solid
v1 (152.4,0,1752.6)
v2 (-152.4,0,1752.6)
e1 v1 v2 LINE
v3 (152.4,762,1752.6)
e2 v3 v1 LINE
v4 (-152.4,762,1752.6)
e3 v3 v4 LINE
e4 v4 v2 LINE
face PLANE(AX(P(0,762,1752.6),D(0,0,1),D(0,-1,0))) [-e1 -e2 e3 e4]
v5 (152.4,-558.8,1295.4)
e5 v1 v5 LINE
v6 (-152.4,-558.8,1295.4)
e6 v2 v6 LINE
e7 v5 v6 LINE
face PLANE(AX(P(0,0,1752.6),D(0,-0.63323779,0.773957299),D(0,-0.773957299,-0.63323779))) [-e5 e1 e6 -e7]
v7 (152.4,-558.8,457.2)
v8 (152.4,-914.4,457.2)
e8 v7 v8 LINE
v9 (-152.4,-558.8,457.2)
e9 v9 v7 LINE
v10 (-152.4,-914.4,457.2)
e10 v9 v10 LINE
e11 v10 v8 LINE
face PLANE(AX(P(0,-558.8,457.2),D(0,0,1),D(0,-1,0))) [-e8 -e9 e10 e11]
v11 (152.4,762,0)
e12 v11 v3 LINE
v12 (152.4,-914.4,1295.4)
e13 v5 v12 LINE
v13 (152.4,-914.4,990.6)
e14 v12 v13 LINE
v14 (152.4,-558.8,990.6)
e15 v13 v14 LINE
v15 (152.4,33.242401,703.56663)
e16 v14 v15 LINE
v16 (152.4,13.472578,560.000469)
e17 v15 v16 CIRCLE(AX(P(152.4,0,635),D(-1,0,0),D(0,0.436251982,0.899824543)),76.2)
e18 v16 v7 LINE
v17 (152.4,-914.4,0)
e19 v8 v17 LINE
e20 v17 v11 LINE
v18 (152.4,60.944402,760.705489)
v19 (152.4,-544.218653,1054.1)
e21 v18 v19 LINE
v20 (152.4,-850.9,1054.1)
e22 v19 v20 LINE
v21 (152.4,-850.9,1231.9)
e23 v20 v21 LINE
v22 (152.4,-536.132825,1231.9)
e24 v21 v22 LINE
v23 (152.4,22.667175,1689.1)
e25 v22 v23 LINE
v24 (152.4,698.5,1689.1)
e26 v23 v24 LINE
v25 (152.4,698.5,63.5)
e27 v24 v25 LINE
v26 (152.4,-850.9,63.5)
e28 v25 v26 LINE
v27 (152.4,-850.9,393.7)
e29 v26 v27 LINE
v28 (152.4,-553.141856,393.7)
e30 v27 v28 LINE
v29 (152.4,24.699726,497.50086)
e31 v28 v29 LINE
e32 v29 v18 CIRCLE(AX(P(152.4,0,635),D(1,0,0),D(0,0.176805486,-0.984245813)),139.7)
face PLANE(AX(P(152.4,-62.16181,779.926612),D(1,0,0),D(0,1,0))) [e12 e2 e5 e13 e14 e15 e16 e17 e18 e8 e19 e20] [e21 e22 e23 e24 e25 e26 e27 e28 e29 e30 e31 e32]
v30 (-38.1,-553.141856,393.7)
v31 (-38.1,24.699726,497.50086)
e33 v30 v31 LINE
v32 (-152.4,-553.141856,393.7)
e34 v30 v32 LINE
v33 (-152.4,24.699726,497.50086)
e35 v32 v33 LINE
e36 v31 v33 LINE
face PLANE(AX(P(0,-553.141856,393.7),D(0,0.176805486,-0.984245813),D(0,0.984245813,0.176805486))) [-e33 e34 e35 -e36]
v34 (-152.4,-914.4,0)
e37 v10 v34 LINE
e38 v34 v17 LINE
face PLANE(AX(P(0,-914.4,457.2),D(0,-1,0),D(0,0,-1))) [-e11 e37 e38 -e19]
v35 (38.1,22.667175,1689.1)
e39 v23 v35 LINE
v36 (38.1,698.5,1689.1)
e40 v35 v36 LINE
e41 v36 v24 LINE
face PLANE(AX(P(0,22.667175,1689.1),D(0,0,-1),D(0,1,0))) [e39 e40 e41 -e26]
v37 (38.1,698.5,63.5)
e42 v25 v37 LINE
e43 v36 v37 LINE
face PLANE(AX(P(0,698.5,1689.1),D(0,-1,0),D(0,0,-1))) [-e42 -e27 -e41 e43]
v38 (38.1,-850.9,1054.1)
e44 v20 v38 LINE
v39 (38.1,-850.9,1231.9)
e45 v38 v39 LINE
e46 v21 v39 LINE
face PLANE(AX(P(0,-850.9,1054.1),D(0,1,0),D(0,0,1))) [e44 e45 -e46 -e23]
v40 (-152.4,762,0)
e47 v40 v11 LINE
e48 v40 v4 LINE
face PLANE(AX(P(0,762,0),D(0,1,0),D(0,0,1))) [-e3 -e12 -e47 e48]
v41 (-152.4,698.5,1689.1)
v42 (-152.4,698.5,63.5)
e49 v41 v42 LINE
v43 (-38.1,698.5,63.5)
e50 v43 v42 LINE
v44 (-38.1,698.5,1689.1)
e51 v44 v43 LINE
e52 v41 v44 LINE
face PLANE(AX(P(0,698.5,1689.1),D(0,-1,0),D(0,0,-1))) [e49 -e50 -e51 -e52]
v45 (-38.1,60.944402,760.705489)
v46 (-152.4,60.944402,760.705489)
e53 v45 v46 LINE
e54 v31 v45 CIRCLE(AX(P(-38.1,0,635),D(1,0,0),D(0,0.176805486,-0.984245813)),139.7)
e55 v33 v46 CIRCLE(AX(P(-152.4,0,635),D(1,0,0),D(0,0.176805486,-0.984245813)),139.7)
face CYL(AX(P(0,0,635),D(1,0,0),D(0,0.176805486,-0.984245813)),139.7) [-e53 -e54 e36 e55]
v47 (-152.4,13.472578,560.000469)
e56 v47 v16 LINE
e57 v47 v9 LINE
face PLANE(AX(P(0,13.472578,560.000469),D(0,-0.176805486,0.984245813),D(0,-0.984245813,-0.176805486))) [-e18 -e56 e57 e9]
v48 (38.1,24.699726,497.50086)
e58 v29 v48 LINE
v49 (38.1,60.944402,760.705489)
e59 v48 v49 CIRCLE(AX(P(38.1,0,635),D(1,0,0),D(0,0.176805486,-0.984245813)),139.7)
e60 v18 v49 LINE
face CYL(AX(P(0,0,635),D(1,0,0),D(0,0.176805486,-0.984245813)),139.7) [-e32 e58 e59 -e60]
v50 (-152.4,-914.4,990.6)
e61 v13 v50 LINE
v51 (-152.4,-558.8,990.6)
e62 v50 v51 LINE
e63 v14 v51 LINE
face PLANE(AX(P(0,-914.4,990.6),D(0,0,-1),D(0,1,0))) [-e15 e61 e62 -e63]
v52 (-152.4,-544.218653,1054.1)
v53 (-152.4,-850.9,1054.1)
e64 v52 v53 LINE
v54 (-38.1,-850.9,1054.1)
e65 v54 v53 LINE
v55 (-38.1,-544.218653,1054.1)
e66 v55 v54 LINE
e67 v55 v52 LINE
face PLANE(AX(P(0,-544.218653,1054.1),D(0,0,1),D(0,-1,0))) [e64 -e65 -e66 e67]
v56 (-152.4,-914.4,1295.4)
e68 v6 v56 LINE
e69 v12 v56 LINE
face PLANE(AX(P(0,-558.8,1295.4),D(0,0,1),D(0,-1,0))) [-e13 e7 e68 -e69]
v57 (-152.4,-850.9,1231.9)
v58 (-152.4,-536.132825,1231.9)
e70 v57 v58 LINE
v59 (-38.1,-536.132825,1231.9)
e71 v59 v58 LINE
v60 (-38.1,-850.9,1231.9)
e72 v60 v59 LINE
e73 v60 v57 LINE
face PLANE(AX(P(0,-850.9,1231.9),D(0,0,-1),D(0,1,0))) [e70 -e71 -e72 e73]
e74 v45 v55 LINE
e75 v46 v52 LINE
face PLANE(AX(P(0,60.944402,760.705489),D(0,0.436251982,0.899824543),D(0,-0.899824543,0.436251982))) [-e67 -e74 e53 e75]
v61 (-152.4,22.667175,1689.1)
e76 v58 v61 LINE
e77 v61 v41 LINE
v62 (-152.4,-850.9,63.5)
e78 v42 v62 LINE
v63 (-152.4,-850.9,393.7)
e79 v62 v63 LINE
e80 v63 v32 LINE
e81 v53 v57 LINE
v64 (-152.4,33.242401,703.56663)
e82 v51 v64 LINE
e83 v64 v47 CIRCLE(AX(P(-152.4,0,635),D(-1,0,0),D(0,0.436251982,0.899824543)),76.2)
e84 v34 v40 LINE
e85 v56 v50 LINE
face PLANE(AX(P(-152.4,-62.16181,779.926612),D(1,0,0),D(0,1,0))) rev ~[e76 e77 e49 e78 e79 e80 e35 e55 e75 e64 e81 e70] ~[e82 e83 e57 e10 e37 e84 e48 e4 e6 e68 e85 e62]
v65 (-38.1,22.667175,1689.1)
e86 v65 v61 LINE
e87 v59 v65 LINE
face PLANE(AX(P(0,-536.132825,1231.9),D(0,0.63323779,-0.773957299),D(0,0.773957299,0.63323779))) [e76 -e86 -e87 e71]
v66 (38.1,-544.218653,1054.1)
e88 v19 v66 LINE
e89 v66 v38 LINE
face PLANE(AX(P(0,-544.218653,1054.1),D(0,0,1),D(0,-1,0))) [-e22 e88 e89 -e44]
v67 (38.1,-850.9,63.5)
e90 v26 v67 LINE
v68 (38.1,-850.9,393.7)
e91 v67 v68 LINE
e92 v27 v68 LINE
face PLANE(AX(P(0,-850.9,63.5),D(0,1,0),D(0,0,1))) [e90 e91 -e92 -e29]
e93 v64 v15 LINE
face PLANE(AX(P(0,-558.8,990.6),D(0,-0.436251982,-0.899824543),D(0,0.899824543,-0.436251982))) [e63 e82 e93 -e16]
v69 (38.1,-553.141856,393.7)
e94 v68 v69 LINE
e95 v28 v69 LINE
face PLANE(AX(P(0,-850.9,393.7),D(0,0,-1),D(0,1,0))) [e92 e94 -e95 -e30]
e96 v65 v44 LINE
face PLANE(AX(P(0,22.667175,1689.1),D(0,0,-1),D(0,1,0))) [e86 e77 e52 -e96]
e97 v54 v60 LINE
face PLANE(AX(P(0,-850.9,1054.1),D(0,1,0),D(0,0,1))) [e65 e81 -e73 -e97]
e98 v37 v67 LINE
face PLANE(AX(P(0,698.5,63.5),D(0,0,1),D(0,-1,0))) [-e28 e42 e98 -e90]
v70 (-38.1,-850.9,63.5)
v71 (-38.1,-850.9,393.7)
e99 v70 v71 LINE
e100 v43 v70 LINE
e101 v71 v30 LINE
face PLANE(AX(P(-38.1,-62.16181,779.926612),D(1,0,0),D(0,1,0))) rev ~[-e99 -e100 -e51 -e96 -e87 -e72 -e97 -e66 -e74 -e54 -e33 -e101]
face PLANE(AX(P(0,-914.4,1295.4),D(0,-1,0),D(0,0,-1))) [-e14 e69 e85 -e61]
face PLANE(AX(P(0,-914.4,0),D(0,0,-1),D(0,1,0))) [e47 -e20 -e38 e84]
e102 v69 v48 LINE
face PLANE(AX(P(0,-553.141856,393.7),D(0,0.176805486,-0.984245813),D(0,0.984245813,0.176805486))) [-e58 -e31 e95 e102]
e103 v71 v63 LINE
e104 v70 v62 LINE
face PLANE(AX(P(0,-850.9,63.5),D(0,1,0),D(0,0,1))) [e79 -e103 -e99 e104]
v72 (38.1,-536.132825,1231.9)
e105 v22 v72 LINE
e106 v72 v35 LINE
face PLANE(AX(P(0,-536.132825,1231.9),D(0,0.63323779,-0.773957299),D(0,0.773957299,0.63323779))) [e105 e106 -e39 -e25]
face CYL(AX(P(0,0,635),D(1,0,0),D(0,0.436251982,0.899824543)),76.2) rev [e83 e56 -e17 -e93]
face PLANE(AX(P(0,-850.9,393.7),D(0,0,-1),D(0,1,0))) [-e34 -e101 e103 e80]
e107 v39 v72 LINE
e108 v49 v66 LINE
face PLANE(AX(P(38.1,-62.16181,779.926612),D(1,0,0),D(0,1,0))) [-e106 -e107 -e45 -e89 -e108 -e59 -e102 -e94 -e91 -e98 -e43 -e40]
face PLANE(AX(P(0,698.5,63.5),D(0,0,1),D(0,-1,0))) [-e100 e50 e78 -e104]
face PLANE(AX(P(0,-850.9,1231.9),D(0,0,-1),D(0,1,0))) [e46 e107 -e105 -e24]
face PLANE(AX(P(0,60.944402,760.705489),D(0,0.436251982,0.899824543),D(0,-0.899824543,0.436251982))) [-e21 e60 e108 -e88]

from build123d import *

# Parameters (mm, degrees)
F1_DEPTH = 38.1
F3_DEPTH = 152.4


with BuildPart() as f1:
    # F0 (on Right) → F1 (new body, symmetric)
    with BuildSketch(Plane.YZ):
        with BuildLine():
            ThreePointArc((33.2424010234, 703.5666301797), (75.487634561, 624.6049517374), (13.4725780266, 560.0004690593))
            Line((13.4725780266, 560.0004690593), (-558.8, 457.2))
            Line((-558.8, 457.2), (-914.4, 457.2))
            Line((-914.4, 457.2), (-914.4, 0))
            Line((-914.4, 0), (762, 0))
            Line((762, 0), (762, 1752.6))
            Line((762, 1752.6), (0, 1752.6))
            Line((0, 1752.6), (-558.8, 1295.4))
            Line((-558.8, 1295.4), (-914.4, 1295.4))
            Line((-914.4, 1295.4), (-914.4, 990.6))
            Line((-914.4, 990.6), (-558.8, 990.6))
            Line((-558.8, 990.6), (33.2424010234, 703.5666301797))
        make_face()
    extrude(amount=F1_DEPTH, both=True)

    # F2 (on Right) → F3 (join, symmetric)
    with BuildSketch(Plane.YZ):
        with BuildLine():
            Line((-558.8, 990.6), (33.2424010234, 703.5666301797))
            ThreePointArc((33.2424010234, 703.5666301797), (75.487634561, 624.6049517374), (13.4725780266, 560.0004690593))
            Line((13.4725780266, 560.0004690593), (-558.8, 457.2))
            Line((-558.8, 457.2), (-914.4, 457.2))
            Line((-914.4, 457.2), (-914.4, 0))
            Line((-914.4, 0), (762, 0))
            Line((762, 0), (762, 1752.6))
            Line((762, 1752.6), (0, 1752.6))
            Line((0, 1752.6), (-558.8, 1295.4))
            Line((-558.8, 1295.4), (-914.4, 1295.4))
            Line((-914.4, 1295.4), (-914.4, 990.6))
            Line((-914.4, 990.6), (-558.8, 990.6))
        make_face()
        with BuildLine():
            Line((698.5, 1689.1), (698.5, 63.5))
            Line((698.5, 63.5), (-850.9, 63.5))
            Line((-850.9, 63.5), (-850.9, 393.7))
            Line((-850.9, 393.7), (-553.1418560933, 393.7))
            Line((-553.1418560933, 393.7), (24.699726382, 497.5008599421))
            ThreePointArc((24.699726382, 497.5008599421), (138.3939966952, 615.9424115186), (60.9444018763, 760.7054886627))
            Line((60.9444018763, 760.7054886627), (-544.2186530254, 1054.1))
            Line((-544.2186530254, 1054.1), (-850.9, 1054.1))
            Line((-850.9, 1054.1), (-850.9, 1231.9))
            Line((-850.9, 1231.9), (-536.1328254861, 1231.9))
            Line((-536.1328254861, 1231.9), (22.6671745139, 1689.1))
            Line((22.6671745139, 1689.1), (698.5, 1689.1))
        make_face(mode=Mode.SUBTRACT)
    extrude(amount=F3_DEPTH, both=True)


solid = f1.part
